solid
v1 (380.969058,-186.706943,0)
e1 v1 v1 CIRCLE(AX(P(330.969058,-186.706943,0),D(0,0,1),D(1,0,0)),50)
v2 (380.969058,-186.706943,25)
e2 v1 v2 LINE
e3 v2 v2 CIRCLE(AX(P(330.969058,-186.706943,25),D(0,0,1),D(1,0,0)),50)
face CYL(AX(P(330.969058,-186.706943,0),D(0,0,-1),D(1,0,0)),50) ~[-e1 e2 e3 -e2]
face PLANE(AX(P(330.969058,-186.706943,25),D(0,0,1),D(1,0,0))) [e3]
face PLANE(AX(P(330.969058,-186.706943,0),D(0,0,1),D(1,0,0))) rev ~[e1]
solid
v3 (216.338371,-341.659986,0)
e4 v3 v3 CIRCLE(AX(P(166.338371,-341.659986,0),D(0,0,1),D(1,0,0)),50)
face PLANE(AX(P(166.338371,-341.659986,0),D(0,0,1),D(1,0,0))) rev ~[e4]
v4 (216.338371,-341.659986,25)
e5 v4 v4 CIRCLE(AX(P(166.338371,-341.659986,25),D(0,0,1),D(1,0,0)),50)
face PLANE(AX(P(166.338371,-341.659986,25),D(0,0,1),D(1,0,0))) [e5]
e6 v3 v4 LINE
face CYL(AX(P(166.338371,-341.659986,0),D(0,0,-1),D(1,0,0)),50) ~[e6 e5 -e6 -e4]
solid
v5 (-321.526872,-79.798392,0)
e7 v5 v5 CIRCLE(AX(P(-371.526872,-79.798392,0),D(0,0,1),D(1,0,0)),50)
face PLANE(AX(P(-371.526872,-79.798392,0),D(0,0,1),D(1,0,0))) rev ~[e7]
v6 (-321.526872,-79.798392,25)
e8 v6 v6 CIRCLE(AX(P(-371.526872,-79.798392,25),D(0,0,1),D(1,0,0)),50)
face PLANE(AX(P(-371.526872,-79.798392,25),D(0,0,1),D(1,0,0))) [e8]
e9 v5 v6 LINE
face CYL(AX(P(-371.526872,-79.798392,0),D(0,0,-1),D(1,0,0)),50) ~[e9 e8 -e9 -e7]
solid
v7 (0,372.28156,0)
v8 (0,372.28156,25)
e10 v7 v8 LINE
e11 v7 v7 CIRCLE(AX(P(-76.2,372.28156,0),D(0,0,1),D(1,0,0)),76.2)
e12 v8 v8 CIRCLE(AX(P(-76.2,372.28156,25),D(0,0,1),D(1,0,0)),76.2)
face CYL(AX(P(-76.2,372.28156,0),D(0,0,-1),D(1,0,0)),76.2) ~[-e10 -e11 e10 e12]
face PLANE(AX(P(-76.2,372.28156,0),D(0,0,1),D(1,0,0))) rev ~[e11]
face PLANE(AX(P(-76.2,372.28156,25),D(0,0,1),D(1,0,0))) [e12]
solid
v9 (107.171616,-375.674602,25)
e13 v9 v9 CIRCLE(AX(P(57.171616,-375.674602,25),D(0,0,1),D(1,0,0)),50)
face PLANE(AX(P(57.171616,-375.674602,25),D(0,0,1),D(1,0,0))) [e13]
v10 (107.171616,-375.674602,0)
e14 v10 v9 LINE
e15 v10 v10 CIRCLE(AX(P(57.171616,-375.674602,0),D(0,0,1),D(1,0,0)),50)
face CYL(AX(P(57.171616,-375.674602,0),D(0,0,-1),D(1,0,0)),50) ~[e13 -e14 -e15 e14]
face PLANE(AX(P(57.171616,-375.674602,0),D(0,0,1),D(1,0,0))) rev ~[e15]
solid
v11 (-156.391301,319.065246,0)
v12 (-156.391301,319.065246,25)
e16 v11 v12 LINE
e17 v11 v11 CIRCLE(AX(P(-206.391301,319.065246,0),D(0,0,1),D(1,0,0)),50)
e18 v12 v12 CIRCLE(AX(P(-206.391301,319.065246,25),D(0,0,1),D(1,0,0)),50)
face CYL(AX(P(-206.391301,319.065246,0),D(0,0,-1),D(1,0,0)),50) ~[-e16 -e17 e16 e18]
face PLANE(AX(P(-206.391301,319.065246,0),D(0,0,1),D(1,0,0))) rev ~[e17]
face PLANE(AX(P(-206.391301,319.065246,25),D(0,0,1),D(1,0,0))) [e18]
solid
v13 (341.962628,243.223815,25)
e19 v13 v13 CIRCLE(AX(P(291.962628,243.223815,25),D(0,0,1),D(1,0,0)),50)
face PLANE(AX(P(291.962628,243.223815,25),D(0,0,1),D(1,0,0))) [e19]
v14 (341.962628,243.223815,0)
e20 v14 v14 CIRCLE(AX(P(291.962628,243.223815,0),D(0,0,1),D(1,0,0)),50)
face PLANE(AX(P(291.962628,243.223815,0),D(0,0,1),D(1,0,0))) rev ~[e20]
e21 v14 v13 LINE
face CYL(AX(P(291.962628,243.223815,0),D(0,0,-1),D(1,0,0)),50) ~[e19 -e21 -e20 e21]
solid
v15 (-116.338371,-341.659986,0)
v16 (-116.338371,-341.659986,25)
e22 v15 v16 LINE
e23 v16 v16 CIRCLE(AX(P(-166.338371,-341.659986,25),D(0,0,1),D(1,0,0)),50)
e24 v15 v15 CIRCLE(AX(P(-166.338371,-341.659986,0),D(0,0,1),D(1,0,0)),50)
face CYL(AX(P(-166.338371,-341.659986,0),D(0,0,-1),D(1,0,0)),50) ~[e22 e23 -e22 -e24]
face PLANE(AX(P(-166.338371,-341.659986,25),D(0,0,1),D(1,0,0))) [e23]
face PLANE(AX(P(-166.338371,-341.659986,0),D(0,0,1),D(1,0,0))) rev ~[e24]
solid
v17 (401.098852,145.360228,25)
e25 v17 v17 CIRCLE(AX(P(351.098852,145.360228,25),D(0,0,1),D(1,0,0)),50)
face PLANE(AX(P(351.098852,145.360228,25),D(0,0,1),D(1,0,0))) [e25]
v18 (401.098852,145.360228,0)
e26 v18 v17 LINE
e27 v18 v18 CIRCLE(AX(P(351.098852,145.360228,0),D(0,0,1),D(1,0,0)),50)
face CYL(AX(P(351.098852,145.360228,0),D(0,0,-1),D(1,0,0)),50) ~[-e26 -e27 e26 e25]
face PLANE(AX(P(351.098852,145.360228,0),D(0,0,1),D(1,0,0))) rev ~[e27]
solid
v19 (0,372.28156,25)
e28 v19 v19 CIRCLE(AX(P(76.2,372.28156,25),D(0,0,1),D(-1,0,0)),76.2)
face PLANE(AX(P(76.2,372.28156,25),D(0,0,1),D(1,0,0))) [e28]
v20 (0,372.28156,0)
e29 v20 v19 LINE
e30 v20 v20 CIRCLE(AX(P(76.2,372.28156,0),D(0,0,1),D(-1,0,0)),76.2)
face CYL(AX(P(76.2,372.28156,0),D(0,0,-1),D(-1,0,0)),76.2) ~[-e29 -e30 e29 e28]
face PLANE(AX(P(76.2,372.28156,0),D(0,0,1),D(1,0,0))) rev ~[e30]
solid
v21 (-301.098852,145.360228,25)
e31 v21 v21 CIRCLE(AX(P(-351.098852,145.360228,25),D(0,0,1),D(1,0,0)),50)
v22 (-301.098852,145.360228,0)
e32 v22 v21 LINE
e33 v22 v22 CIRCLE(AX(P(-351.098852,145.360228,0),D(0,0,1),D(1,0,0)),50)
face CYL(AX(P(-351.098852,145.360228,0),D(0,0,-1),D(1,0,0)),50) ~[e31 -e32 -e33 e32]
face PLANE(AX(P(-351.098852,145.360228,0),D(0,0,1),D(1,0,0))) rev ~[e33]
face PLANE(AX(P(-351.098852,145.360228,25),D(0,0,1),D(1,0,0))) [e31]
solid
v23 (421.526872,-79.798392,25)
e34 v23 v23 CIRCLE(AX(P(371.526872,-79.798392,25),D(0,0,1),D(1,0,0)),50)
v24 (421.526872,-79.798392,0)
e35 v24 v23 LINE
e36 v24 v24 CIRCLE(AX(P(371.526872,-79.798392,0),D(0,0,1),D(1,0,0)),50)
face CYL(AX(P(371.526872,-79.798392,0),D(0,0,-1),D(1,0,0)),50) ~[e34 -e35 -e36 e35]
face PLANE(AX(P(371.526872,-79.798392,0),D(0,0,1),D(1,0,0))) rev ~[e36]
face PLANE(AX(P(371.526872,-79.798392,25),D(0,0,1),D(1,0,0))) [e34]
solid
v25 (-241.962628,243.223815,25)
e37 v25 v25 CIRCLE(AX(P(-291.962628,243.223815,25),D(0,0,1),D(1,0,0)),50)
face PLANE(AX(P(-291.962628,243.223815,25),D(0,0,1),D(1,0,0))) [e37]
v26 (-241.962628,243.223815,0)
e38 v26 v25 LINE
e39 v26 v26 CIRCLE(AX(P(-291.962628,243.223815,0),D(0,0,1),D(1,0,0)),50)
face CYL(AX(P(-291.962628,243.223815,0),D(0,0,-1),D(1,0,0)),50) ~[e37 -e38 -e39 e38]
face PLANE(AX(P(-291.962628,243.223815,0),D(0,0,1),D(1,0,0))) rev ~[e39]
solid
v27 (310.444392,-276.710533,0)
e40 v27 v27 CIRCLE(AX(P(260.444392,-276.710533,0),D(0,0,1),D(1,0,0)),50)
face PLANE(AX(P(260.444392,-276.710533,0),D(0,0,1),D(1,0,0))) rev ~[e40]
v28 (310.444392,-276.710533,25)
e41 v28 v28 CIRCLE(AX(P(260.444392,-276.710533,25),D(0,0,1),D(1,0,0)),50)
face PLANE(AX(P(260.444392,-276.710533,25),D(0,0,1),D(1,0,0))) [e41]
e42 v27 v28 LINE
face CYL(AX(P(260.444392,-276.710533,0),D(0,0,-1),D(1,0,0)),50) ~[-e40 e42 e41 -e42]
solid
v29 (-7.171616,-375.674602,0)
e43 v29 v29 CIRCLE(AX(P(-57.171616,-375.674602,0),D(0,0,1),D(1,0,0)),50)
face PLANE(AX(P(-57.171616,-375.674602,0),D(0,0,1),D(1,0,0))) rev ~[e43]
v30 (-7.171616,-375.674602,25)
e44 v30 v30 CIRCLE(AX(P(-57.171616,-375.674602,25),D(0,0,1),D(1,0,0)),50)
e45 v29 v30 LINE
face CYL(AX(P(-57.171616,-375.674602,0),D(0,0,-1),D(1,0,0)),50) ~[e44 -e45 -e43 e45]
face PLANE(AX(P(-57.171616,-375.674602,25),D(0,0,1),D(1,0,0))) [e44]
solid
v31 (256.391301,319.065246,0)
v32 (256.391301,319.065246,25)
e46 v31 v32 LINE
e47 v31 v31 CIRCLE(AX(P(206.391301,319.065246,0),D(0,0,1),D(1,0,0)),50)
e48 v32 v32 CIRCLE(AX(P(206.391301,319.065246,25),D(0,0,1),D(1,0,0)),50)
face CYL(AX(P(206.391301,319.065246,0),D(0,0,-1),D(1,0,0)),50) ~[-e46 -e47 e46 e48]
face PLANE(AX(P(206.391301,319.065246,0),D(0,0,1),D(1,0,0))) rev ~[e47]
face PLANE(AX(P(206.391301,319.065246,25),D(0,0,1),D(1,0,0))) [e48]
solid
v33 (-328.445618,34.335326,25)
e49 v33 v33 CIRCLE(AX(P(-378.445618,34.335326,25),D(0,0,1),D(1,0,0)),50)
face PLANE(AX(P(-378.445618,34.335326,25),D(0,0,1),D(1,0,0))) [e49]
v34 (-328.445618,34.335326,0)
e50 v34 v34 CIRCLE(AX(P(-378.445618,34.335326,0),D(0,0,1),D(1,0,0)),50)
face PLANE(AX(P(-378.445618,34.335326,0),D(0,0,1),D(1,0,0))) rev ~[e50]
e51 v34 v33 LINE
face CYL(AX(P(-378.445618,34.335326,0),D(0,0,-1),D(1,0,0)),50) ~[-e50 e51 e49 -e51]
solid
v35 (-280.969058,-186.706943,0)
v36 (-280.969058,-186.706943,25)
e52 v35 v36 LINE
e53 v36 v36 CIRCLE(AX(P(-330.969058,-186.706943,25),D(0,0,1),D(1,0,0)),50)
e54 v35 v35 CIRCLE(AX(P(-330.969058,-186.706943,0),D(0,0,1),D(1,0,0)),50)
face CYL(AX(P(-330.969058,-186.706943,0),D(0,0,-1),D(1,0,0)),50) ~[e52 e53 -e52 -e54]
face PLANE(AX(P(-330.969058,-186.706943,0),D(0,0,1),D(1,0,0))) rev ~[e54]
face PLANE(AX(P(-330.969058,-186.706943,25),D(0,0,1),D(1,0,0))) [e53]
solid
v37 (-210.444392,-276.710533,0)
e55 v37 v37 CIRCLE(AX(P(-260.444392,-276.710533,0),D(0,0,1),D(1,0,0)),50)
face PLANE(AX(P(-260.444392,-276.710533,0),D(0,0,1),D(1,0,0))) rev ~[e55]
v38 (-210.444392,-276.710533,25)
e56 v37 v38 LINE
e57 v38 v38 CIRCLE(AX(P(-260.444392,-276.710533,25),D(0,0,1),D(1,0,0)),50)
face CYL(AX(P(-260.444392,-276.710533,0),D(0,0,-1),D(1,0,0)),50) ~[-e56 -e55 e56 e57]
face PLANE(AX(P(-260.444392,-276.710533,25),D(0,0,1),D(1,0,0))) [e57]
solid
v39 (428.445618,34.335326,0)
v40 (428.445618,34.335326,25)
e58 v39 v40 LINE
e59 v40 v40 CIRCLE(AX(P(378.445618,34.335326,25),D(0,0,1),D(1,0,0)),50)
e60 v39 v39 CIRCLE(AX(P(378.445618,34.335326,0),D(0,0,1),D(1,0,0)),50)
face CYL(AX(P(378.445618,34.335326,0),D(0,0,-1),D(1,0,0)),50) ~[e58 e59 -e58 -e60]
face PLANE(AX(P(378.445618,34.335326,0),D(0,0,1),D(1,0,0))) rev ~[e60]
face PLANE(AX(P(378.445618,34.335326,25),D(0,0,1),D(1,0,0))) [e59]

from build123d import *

# Parameters (mm, degrees)
F0_R     = 76.2
F0_R_2   = 50
F1_DEPTH = 25


with BuildPart() as f1:
    # F0 (on Top) → F1 (new body)
    with BuildSketch(Plane.XY):
        with Locations((-76.2, 372.28156)):
            Circle(F0_R)
        with BuildLine():
            ThreePointArc((152.4, 372.28156), (76.2, 448.48156), (0, 372.28156))
            ThreePointArc((0, 372.28156), (76.2, 296.08156), (152.4, 372.28156))
        make_face()
        with Locations((-206.391301, 319.065246)):
            Circle(F0_R_2)
        with Locations((-291.962628, 243.223815)):
            Circle(F0_R_2)
        with Locations((-351.098852, 145.360228)):
            Circle(F0_R_2)
        with Locations((-378.445618, 34.335326)):
            Circle(F0_R_2)
        with Locations((-371.526872, -79.798392)):
            Circle(F0_R_2)
        with Locations((-330.969058, -186.706943)):
            Circle(F0_R_2)
        with Locations((-260.444392, -276.710533)):
            Circle(F0_R_2)
        with Locations((-166.338371, -341.659986)):
            Circle(F0_R_2)
        with Locations((-57.171616, -375.674602)):
            Circle(F0_R_2)
        with Locations((57.171616, -375.674602)):
            Circle(F0_R_2)
        with Locations((166.338371, -341.659986)):
            Circle(F0_R_2)
        with Locations((260.444392, -276.710533)):
            Circle(F0_R_2)
        with Locations((330.969058, -186.706943)):
            Circle(F0_R_2)
        with Locations((371.526872, -79.798392)):
            Circle(F0_R_2)
        with Locations((378.445618, 34.335326)):
            Circle(F0_R_2)
        with Locations((351.098852, 145.360228)):
            Circle(F0_R_2)
        with Locations((291.962628, 243.223815)):
            Circle(F0_R_2)
        with Locations((206.391301, 319.065246)):
            Circle(F0_R_2)
    extrude(amount=F1_DEPTH)


solid = f1.part
